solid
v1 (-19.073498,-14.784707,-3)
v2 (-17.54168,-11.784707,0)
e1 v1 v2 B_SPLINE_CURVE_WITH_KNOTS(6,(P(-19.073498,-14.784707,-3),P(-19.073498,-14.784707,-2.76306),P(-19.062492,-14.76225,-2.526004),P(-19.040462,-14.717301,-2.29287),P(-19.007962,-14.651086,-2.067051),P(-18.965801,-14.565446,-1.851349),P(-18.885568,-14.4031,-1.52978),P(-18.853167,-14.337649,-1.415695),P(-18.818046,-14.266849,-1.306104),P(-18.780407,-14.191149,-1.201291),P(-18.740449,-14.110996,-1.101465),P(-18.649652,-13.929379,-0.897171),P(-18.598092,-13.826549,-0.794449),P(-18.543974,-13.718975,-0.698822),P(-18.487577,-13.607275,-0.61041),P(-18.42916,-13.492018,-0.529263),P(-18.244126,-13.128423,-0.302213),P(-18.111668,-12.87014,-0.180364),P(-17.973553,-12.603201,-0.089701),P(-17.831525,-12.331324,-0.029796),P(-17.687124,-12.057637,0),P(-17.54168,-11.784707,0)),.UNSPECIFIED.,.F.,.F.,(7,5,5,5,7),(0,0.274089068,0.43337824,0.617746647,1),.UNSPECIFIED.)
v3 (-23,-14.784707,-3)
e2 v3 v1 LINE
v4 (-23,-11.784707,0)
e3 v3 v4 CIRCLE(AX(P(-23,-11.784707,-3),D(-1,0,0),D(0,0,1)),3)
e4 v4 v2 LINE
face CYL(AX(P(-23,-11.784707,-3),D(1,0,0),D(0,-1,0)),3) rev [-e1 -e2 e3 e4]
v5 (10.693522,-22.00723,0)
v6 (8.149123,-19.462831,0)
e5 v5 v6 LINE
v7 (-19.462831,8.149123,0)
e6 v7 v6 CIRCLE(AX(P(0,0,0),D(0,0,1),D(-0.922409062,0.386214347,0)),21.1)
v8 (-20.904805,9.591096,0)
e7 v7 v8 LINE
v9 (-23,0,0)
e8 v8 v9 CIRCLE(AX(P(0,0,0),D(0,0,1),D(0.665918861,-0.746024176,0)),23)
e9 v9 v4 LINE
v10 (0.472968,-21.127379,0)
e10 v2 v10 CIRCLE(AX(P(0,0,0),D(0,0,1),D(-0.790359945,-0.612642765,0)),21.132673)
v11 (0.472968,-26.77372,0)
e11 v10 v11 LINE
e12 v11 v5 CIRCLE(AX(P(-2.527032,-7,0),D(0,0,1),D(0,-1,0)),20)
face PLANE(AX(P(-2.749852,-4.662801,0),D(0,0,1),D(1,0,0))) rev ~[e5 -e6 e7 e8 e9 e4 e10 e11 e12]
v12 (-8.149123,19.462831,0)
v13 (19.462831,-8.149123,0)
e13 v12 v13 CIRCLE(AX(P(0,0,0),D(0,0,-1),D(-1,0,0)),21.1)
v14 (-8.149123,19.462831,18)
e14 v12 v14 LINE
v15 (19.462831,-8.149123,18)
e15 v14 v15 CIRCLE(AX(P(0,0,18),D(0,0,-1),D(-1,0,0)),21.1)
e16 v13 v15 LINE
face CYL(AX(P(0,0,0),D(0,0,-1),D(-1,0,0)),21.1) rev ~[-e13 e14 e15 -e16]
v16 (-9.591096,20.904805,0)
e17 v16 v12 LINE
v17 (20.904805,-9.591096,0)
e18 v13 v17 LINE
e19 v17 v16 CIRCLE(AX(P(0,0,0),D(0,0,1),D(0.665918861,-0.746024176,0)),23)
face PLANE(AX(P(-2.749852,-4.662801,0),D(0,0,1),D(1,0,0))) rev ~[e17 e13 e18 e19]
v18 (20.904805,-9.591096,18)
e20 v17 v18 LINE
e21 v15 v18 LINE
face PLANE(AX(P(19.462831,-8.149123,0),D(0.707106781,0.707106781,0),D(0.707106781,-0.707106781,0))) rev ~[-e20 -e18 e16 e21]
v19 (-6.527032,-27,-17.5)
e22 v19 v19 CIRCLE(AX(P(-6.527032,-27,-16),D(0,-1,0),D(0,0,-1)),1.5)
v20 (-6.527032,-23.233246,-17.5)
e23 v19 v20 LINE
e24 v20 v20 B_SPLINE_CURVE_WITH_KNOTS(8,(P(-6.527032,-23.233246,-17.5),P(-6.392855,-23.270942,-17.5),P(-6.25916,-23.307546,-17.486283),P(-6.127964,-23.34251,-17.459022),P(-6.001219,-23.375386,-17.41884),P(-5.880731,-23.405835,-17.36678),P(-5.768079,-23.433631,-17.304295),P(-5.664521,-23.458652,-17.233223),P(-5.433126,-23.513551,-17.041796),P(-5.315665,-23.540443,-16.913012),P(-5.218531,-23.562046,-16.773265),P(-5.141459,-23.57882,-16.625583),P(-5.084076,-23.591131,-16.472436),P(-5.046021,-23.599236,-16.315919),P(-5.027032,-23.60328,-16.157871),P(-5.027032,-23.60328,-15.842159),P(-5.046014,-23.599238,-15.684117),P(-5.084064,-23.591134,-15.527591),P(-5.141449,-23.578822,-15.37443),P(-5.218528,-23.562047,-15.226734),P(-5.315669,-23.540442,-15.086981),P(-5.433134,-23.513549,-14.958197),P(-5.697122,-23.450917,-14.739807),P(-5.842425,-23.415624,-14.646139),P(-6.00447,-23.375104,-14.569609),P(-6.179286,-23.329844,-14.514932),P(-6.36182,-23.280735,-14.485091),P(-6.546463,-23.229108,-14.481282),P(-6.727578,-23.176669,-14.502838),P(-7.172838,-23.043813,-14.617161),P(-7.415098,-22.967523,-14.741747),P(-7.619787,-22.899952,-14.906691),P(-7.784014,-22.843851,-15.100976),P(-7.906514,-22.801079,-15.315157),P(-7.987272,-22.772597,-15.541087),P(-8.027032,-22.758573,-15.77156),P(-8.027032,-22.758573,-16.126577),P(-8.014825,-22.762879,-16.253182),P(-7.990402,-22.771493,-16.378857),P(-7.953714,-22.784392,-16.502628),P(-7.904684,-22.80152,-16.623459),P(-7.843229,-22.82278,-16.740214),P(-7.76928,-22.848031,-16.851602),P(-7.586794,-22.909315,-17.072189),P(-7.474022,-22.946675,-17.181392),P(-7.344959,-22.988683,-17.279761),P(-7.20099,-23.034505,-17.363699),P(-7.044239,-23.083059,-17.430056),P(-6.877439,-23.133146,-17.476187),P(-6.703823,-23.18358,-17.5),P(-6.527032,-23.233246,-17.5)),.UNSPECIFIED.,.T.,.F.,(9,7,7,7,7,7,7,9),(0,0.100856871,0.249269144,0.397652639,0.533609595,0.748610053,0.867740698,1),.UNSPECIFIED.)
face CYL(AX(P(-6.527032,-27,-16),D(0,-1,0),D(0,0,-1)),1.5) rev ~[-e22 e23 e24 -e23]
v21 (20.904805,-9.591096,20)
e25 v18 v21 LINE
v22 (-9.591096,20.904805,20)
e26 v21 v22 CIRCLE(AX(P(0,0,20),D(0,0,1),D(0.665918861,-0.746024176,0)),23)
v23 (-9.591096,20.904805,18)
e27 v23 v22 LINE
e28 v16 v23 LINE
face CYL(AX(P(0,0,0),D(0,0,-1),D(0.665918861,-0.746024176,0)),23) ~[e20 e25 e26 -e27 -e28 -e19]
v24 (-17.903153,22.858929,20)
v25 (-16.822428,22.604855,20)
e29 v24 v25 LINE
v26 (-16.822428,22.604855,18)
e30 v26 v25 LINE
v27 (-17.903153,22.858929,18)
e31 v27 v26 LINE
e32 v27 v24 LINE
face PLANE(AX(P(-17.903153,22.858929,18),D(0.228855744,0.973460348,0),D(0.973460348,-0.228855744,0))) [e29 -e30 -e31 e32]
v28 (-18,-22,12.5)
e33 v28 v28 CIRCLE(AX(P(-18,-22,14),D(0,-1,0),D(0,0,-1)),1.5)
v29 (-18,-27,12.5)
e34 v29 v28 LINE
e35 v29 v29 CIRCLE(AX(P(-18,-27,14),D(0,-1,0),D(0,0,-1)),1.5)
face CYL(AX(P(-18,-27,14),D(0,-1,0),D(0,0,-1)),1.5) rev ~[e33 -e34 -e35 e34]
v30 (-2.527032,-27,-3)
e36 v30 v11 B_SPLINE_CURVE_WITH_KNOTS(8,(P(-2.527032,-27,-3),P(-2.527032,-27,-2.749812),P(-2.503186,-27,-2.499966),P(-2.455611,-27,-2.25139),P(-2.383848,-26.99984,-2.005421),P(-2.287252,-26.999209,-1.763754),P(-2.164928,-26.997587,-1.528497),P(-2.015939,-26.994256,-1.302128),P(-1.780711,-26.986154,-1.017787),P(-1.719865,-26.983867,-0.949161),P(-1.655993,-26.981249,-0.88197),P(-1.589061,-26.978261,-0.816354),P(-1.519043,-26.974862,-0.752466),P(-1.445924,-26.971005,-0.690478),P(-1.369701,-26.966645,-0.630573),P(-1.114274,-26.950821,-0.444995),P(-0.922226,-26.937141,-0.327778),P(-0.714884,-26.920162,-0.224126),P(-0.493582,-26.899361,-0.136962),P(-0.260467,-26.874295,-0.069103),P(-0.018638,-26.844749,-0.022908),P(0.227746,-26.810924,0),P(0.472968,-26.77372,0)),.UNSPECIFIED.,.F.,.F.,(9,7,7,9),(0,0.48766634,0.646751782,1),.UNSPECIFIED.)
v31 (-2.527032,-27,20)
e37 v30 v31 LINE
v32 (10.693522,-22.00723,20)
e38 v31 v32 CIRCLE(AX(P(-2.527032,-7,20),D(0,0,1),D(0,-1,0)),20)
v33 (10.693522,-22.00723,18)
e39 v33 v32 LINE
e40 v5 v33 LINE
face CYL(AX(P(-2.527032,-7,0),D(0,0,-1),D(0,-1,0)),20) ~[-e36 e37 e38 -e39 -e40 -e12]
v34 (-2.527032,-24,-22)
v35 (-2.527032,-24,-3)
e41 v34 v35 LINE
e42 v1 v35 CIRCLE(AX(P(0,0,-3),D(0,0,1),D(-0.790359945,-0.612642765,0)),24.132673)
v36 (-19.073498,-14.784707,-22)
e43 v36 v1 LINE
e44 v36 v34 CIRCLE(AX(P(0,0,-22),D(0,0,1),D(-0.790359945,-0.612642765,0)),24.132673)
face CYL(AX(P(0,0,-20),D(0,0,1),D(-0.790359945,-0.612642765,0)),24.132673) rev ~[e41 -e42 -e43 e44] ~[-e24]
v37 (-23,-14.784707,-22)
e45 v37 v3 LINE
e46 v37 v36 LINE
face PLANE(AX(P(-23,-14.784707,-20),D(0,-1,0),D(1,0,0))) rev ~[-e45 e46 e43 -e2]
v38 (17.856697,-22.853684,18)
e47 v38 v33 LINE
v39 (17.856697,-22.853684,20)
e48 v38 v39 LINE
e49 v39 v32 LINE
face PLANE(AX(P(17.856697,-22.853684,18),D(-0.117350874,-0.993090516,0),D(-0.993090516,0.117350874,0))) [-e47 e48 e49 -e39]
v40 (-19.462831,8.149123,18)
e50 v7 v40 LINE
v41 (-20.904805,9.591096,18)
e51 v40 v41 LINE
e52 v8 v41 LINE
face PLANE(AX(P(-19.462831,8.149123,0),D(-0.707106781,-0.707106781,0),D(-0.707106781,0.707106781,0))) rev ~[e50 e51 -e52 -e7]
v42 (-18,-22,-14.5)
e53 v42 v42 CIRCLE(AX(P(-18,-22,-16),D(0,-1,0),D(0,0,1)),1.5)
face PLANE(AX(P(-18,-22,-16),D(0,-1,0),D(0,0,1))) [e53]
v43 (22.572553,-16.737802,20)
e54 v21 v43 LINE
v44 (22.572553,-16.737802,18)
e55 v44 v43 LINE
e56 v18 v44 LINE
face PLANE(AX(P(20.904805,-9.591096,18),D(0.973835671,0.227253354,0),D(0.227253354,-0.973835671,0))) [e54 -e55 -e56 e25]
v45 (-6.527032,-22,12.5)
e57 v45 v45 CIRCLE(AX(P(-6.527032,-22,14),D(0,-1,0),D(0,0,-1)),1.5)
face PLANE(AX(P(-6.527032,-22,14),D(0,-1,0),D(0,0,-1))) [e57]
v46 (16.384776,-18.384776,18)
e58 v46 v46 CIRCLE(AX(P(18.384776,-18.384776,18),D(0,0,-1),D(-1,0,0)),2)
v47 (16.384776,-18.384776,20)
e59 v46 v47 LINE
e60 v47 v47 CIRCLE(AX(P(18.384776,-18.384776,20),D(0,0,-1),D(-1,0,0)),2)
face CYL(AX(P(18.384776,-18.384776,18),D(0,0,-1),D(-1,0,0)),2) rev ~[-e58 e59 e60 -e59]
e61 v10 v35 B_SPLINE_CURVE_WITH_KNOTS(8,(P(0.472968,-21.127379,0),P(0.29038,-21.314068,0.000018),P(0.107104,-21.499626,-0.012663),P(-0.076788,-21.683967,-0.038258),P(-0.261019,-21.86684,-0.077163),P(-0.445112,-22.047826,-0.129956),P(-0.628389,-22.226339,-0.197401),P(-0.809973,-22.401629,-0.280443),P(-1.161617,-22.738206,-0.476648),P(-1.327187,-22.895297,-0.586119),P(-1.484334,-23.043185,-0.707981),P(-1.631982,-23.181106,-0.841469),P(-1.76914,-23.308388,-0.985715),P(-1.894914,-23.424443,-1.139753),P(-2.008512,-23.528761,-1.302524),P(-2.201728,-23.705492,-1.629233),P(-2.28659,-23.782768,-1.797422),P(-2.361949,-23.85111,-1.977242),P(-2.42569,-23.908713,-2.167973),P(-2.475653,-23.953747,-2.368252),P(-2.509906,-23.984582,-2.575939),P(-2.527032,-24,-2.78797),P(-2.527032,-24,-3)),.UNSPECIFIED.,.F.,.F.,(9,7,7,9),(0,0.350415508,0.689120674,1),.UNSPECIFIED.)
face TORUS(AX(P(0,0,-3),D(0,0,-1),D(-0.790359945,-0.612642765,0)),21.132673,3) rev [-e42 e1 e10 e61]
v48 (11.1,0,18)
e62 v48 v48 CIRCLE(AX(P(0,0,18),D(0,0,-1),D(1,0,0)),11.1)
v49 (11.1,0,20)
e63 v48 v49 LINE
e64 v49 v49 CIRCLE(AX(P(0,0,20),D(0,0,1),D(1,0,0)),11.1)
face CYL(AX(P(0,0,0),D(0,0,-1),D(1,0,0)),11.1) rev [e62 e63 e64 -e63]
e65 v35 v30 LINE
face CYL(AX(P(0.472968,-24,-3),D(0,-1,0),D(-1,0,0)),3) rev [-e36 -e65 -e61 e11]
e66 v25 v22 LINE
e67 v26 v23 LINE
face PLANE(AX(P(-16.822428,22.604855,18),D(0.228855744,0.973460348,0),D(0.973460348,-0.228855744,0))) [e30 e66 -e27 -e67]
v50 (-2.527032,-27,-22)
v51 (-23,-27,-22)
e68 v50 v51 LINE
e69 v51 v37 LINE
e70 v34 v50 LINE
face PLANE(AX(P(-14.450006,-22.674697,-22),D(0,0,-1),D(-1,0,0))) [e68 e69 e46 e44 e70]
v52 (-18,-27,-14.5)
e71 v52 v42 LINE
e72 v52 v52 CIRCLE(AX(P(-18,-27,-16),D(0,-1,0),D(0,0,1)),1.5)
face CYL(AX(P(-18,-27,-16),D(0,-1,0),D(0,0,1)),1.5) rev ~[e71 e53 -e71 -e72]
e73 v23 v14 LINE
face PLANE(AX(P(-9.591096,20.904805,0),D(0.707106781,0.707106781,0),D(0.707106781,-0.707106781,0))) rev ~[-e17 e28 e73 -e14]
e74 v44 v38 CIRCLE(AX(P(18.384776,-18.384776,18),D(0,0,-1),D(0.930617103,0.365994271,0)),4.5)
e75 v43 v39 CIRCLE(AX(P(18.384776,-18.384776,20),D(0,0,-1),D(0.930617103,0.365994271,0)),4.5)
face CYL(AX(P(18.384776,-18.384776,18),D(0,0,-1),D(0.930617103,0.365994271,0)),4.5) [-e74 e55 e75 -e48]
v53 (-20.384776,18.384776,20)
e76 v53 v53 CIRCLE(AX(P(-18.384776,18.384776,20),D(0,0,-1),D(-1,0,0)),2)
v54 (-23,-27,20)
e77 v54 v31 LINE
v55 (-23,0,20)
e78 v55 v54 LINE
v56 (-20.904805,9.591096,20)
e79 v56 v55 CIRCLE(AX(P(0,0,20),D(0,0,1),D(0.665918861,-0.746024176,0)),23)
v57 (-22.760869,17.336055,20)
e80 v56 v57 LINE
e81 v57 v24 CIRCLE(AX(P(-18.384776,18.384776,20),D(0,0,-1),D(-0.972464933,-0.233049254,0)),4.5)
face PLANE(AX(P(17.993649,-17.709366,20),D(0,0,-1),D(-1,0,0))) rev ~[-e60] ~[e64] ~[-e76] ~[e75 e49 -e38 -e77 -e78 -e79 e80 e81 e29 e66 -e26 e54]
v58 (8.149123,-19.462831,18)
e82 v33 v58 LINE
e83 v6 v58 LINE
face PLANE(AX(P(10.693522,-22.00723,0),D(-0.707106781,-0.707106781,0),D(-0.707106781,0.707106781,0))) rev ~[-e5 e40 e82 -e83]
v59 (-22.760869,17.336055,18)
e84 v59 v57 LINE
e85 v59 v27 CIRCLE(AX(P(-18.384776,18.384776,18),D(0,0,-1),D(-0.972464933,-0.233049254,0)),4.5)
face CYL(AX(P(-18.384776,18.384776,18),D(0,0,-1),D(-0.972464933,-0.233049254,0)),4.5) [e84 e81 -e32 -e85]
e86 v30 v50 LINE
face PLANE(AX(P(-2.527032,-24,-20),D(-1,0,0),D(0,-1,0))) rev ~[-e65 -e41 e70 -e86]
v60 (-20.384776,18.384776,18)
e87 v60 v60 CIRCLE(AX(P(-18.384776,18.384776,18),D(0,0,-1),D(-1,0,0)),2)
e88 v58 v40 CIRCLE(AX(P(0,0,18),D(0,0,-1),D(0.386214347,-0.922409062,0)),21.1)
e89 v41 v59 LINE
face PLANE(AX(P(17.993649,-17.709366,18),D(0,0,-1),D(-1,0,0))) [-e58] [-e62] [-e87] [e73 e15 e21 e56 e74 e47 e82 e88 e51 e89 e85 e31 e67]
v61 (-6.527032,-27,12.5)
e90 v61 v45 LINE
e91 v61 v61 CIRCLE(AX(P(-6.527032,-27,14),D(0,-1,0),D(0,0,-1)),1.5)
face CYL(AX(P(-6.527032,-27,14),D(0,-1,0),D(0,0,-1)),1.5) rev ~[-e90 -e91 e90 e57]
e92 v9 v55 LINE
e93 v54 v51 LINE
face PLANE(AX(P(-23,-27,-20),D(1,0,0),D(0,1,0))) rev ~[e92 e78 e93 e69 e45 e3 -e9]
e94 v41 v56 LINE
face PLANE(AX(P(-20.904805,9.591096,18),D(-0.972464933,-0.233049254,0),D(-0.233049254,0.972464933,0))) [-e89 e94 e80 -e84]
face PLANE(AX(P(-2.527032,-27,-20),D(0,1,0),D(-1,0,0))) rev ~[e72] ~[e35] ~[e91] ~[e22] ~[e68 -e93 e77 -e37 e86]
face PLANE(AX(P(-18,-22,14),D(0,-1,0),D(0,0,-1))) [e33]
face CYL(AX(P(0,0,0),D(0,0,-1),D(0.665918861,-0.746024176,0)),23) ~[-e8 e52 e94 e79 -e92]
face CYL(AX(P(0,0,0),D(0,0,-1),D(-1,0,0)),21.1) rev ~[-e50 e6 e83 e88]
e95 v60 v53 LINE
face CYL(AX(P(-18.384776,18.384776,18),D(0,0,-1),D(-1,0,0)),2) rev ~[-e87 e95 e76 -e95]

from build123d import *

# Parameters (mm, degrees)
SKETCH_1_R           = 11.1
EXTRUDE_1_DEPTH      = 20
SKETCH_3_R           = 21.1
CUT_EXTRUDE_11_DEPTH = 18
EXTRUDE_2_DEPTH      = 20
FILLET_3_R           = 3
SKETCH_5_R           = 1.5
CUT_EXTRUDE_12_DEPTH = 5
CUT_EXTRUDE_13_DEPTH = 18
SKETCH_7_R           = 2
EXTRUDE_3_DEPTH      = 2
EXTRUDE_4_DEPTH      = 2


with BuildPart() as part:
    # 草图1 → 凸台-拉伸1 (new body)
    with BuildSketch(Plane.XY):
        with BuildLine():
            Line((-23, 0), (-23, -27))
            Line((-23, -27), (-2.527032193, -27))
            ThreePointArc((-2.527032193, -27), (6.11037495, -25.038713863), (13.053739404, -19.539519785))
            ThreePointArc((13.053739404, -19.539519785), (14.135978403, -18.302517785), (15.316133792, -17.158556049))
            ThreePointArc((15.316133792, -17.158556049), (9.400237305, 20.991320554), (-23, 0))
        make_face()
        Circle(SKETCH_1_R, mode=Mode.SUBTRACT)
    extrude(amount=EXTRUDE_1_DEPTH)

    # 草图3 → 切除-拉伸11 (cut)
    with BuildSketch(Plane(origin=(0, 0, 0), x_dir=(-1, 0, 0), z_dir=(0, 0, -1))):
        Circle(SKETCH_3_R)
    extrude(amount=-CUT_EXTRUDE_11_DEPTH, mode=Mode.SUBTRACT)

    # 草图4 → 凸台-拉伸2 (add)
    with BuildSketch(Plane(origin=(0, 0, 0), x_dir=(-1, 0, 0), z_dir=(0, 0, -1))):
        with BuildLine():
            Line((2.527032193, -24), (2.527032193, -27))
            Line((2.527032193, -27), (23, -27))
            Line((23, -27), (23, -24))
            Line((23, -24), (23, -14.78470732))
            Line((23, -14.78470732), (19.073497874, -14.78470732))
            ThreePointArc((19.073497874, -14.78470732), (11.742066666, -21.083400155), (2.527032193, -24))
        make_face()
    extrude(amount=EXTRUDE_2_DEPTH)

    # 圆角3
    fillet_3_edges = [part.edges().sort_by_distance(p)[0] for p in [
        (-21.036748937, -14.78470732, 0),
        (-11.742066666, -21.083400155, 0),
        (-2.527032193, -25.5, 0),
    ]]
    fillet(fillet_3_edges, radius=FILLET_3_R)

    # 草图5 → 切除-拉伸12 (cut)
    with BuildSketch(Plane.XZ.offset(27)):
        with Locations(Location((-18, 14, 0), (0, 0, 270))):
            Circle(SKETCH_5_R)
        with Locations(Location((-6.527032193, 14, 0), (0, 0, 270))):
            Circle(SKETCH_5_R)
        with Locations(Location((-6.527032193, -16, 0), (0, 0, 270))):
            Circle(SKETCH_5_R)
        with Locations(Location((-18, -16, 0), (0, 0, 90))):
            Circle(SKETCH_5_R)
    extrude(amount=-CUT_EXTRUDE_12_DEPTH, mode=Mode.SUBTRACT)

    # 草图6 → 切除-拉伸13 (cut)
    with BuildSketch(Plane(origin=(0, 0, 0), x_dir=(-1, 0, 0), z_dir=(0, 0, -1))):
        with BuildLine():
            ThreePointArc((-20.904804931, -9.591096432), (-18.881207588, -13.133925537), (-16.263455967, -16.263455967))
            Line((-16.263455967, -16.263455967), (-14.919953083, -14.919953083))
            ThreePointArc((-14.919953083, -14.919953083), (-17.52155815, -11.756062266), (-19.462831216, -8.149122717))
            Line((-19.462831216, -8.149122717), (-20.904804931, -9.591096432))
        make_face()
        with BuildLine():
            ThreePointArc((8.149122717, 19.462831216), (11.756062266, 17.52155815), (14.919953083, 14.919953083))
            Line((14.919953083, 14.919953083), (16.263455967, 16.263455967))
            ThreePointArc((16.263455967, 16.263455967), (13.133925537, 18.881207588), (9.591096432, 20.904804931))
            Line((9.591096432, 20.904804931), (8.149122717, 19.462831216))
        make_face()
        with BuildLine():
            Line((-14.919953083, -14.919953083), (-16.263455967, -16.263455967))
            ThreePointArc((-16.263455967, -16.263455967), (-15.796136343, -16.717717447), (-15.316133792, -17.158556049))
            ThreePointArc((-15.316133792, -17.158556049), (-14.135978403, -18.302517785), (-13.053739404, -19.539519785))
            ThreePointArc((-13.053739404, -19.539519785), (-11.926392495, -20.823838642), (-10.693521638, -22.007230137))
            Line((-10.693521638, -22.007230137), (-8.149122717, -19.462831216))
            ThreePointArc((-8.149122717, -19.462831216), (-11.756062266, -17.52155815), (-14.919953083, -14.919953083))
        make_face()
        with BuildLine():
            Line((16.263455967, 16.263455967), (14.919953083, 14.919953083))
            ThreePointArc((14.919953083, 14.919953083), (17.52155815, 11.756062266), (19.462831216, 8.149122717))
            Line((19.462831216, 8.149122717), (20.904804931, 9.591096432))
            ThreePointArc((20.904804931, 9.591096432), (18.881207588, 13.133925537), (16.263455967, 16.263455967))
        make_face()
        with BuildLine():
            ThreePointArc((-20.904804931, -9.591096432), (-18.881207588, -13.133925537), (-16.263455967, -16.263455967))
            Line((-16.263455967, -16.263455967), (-14.919953083, -14.919953083))
            ThreePointArc((-14.919953083, -14.919953083), (-17.52155815, -11.756062266), (-19.462831216, -8.149122717))
            Line((-19.462831216, -8.149122717), (-20.904804931, -9.591096432))
        make_face()
        with BuildLine():
            ThreePointArc((8.149122717, 19.462831216), (11.756062266, 17.52155815), (14.919953083, 14.919953083))
            Line((14.919953083, 14.919953083), (16.263455967, 16.263455967))
            ThreePointArc((16.263455967, 16.263455967), (13.133925537, 18.881207588), (9.591096432, 20.904804931))
            Line((9.591096432, 20.904804931), (8.149122717, 19.462831216))
        make_face()
    extrude(amount=-CUT_EXTRUDE_13_DEPTH, mode=Mode.SUBTRACT)

    # 草图7 → 凸台-拉伸3 (add)
    # profile 1 of 2: a face of its own
    with BuildSketch(Plane(origin=(0, 0, 18), x_dir=(-1, 0, 0), z_dir=(0, 0, -1))):
        with BuildLine():
            Line((-20.904804931, -9.591096432), (-22.572553276, -16.737802089))
            ThreePointArc((-22.572553276, -16.737802089), (-21.948390933, -21.13262107), (-17.856697376, -22.853683631))
            Line((-17.856697376, -22.853683631), (-10.693521638, -22.007230137))
            ThreePointArc((-10.693521638, -22.007230137), (-11.926392495, -20.823838642), (-13.053739404, -19.539519785))
            ThreePointArc((-13.053739404, -19.539519785), (-14.135978403, -18.302517785), (-15.316133792, -17.158556049))
            ThreePointArc((-15.316133792, -17.158556049), (-18.501505662, -13.66361183), (-20.904804931, -9.591096432))
        make_face()
        with Locations((-18.384776311, -18.384776311)):
            Circle(SKETCH_7_R, mode=Mode.SUBTRACT)
    # profile 2 of 2: a face of its own
    with BuildSketch(Plane(origin=(0, 0, 18), x_dir=(-1, 0, 0), z_dir=(0, 0, -1))):
        with BuildLine():
            Line((16.822428117, 22.604855471), (9.591096432, 20.904804931))
            ThreePointArc((9.591096432, 20.904804931), (16.263455967, 16.263455967), (20.904804931, 9.591096432))
            Line((20.904804931, 9.591096432), (22.760868508, 17.336054667))
            ThreePointArc((22.760868508, 17.336054667), (21.763719501, 21.356769399), (17.903153402, 22.858928675))
            Line((17.903153402, 22.858928675), (16.822428117, 22.604855471))
        make_face()
        with Locations((18.384776311, 18.384776311)):
            Circle(SKETCH_7_R, mode=Mode.SUBTRACT)
    extrude(amount=-EXTRUDE_3_DEPTH)

    # 草图8 → 凸台-拉伸4 (add)
    with BuildSketch(Plane(origin=(0, 0, -20), x_dir=(-1, 0, 0), z_dir=(0, 0, -1))):
        with BuildLine():
            Line((2.527032193, -24), (2.527032193, -27))
            Line((2.527032193, -27), (23, -27))
            Line((23, -27), (23, -14.78470732))
            Line((23, -14.78470732), (19.073497874, -14.78470732))
            ThreePointArc((19.073497874, -14.78470732), (11.742066666, -21.083400155), (2.527032193, -24))
        make_face()
    extrude(amount=EXTRUDE_4_DEPTH)


solid = part.part
